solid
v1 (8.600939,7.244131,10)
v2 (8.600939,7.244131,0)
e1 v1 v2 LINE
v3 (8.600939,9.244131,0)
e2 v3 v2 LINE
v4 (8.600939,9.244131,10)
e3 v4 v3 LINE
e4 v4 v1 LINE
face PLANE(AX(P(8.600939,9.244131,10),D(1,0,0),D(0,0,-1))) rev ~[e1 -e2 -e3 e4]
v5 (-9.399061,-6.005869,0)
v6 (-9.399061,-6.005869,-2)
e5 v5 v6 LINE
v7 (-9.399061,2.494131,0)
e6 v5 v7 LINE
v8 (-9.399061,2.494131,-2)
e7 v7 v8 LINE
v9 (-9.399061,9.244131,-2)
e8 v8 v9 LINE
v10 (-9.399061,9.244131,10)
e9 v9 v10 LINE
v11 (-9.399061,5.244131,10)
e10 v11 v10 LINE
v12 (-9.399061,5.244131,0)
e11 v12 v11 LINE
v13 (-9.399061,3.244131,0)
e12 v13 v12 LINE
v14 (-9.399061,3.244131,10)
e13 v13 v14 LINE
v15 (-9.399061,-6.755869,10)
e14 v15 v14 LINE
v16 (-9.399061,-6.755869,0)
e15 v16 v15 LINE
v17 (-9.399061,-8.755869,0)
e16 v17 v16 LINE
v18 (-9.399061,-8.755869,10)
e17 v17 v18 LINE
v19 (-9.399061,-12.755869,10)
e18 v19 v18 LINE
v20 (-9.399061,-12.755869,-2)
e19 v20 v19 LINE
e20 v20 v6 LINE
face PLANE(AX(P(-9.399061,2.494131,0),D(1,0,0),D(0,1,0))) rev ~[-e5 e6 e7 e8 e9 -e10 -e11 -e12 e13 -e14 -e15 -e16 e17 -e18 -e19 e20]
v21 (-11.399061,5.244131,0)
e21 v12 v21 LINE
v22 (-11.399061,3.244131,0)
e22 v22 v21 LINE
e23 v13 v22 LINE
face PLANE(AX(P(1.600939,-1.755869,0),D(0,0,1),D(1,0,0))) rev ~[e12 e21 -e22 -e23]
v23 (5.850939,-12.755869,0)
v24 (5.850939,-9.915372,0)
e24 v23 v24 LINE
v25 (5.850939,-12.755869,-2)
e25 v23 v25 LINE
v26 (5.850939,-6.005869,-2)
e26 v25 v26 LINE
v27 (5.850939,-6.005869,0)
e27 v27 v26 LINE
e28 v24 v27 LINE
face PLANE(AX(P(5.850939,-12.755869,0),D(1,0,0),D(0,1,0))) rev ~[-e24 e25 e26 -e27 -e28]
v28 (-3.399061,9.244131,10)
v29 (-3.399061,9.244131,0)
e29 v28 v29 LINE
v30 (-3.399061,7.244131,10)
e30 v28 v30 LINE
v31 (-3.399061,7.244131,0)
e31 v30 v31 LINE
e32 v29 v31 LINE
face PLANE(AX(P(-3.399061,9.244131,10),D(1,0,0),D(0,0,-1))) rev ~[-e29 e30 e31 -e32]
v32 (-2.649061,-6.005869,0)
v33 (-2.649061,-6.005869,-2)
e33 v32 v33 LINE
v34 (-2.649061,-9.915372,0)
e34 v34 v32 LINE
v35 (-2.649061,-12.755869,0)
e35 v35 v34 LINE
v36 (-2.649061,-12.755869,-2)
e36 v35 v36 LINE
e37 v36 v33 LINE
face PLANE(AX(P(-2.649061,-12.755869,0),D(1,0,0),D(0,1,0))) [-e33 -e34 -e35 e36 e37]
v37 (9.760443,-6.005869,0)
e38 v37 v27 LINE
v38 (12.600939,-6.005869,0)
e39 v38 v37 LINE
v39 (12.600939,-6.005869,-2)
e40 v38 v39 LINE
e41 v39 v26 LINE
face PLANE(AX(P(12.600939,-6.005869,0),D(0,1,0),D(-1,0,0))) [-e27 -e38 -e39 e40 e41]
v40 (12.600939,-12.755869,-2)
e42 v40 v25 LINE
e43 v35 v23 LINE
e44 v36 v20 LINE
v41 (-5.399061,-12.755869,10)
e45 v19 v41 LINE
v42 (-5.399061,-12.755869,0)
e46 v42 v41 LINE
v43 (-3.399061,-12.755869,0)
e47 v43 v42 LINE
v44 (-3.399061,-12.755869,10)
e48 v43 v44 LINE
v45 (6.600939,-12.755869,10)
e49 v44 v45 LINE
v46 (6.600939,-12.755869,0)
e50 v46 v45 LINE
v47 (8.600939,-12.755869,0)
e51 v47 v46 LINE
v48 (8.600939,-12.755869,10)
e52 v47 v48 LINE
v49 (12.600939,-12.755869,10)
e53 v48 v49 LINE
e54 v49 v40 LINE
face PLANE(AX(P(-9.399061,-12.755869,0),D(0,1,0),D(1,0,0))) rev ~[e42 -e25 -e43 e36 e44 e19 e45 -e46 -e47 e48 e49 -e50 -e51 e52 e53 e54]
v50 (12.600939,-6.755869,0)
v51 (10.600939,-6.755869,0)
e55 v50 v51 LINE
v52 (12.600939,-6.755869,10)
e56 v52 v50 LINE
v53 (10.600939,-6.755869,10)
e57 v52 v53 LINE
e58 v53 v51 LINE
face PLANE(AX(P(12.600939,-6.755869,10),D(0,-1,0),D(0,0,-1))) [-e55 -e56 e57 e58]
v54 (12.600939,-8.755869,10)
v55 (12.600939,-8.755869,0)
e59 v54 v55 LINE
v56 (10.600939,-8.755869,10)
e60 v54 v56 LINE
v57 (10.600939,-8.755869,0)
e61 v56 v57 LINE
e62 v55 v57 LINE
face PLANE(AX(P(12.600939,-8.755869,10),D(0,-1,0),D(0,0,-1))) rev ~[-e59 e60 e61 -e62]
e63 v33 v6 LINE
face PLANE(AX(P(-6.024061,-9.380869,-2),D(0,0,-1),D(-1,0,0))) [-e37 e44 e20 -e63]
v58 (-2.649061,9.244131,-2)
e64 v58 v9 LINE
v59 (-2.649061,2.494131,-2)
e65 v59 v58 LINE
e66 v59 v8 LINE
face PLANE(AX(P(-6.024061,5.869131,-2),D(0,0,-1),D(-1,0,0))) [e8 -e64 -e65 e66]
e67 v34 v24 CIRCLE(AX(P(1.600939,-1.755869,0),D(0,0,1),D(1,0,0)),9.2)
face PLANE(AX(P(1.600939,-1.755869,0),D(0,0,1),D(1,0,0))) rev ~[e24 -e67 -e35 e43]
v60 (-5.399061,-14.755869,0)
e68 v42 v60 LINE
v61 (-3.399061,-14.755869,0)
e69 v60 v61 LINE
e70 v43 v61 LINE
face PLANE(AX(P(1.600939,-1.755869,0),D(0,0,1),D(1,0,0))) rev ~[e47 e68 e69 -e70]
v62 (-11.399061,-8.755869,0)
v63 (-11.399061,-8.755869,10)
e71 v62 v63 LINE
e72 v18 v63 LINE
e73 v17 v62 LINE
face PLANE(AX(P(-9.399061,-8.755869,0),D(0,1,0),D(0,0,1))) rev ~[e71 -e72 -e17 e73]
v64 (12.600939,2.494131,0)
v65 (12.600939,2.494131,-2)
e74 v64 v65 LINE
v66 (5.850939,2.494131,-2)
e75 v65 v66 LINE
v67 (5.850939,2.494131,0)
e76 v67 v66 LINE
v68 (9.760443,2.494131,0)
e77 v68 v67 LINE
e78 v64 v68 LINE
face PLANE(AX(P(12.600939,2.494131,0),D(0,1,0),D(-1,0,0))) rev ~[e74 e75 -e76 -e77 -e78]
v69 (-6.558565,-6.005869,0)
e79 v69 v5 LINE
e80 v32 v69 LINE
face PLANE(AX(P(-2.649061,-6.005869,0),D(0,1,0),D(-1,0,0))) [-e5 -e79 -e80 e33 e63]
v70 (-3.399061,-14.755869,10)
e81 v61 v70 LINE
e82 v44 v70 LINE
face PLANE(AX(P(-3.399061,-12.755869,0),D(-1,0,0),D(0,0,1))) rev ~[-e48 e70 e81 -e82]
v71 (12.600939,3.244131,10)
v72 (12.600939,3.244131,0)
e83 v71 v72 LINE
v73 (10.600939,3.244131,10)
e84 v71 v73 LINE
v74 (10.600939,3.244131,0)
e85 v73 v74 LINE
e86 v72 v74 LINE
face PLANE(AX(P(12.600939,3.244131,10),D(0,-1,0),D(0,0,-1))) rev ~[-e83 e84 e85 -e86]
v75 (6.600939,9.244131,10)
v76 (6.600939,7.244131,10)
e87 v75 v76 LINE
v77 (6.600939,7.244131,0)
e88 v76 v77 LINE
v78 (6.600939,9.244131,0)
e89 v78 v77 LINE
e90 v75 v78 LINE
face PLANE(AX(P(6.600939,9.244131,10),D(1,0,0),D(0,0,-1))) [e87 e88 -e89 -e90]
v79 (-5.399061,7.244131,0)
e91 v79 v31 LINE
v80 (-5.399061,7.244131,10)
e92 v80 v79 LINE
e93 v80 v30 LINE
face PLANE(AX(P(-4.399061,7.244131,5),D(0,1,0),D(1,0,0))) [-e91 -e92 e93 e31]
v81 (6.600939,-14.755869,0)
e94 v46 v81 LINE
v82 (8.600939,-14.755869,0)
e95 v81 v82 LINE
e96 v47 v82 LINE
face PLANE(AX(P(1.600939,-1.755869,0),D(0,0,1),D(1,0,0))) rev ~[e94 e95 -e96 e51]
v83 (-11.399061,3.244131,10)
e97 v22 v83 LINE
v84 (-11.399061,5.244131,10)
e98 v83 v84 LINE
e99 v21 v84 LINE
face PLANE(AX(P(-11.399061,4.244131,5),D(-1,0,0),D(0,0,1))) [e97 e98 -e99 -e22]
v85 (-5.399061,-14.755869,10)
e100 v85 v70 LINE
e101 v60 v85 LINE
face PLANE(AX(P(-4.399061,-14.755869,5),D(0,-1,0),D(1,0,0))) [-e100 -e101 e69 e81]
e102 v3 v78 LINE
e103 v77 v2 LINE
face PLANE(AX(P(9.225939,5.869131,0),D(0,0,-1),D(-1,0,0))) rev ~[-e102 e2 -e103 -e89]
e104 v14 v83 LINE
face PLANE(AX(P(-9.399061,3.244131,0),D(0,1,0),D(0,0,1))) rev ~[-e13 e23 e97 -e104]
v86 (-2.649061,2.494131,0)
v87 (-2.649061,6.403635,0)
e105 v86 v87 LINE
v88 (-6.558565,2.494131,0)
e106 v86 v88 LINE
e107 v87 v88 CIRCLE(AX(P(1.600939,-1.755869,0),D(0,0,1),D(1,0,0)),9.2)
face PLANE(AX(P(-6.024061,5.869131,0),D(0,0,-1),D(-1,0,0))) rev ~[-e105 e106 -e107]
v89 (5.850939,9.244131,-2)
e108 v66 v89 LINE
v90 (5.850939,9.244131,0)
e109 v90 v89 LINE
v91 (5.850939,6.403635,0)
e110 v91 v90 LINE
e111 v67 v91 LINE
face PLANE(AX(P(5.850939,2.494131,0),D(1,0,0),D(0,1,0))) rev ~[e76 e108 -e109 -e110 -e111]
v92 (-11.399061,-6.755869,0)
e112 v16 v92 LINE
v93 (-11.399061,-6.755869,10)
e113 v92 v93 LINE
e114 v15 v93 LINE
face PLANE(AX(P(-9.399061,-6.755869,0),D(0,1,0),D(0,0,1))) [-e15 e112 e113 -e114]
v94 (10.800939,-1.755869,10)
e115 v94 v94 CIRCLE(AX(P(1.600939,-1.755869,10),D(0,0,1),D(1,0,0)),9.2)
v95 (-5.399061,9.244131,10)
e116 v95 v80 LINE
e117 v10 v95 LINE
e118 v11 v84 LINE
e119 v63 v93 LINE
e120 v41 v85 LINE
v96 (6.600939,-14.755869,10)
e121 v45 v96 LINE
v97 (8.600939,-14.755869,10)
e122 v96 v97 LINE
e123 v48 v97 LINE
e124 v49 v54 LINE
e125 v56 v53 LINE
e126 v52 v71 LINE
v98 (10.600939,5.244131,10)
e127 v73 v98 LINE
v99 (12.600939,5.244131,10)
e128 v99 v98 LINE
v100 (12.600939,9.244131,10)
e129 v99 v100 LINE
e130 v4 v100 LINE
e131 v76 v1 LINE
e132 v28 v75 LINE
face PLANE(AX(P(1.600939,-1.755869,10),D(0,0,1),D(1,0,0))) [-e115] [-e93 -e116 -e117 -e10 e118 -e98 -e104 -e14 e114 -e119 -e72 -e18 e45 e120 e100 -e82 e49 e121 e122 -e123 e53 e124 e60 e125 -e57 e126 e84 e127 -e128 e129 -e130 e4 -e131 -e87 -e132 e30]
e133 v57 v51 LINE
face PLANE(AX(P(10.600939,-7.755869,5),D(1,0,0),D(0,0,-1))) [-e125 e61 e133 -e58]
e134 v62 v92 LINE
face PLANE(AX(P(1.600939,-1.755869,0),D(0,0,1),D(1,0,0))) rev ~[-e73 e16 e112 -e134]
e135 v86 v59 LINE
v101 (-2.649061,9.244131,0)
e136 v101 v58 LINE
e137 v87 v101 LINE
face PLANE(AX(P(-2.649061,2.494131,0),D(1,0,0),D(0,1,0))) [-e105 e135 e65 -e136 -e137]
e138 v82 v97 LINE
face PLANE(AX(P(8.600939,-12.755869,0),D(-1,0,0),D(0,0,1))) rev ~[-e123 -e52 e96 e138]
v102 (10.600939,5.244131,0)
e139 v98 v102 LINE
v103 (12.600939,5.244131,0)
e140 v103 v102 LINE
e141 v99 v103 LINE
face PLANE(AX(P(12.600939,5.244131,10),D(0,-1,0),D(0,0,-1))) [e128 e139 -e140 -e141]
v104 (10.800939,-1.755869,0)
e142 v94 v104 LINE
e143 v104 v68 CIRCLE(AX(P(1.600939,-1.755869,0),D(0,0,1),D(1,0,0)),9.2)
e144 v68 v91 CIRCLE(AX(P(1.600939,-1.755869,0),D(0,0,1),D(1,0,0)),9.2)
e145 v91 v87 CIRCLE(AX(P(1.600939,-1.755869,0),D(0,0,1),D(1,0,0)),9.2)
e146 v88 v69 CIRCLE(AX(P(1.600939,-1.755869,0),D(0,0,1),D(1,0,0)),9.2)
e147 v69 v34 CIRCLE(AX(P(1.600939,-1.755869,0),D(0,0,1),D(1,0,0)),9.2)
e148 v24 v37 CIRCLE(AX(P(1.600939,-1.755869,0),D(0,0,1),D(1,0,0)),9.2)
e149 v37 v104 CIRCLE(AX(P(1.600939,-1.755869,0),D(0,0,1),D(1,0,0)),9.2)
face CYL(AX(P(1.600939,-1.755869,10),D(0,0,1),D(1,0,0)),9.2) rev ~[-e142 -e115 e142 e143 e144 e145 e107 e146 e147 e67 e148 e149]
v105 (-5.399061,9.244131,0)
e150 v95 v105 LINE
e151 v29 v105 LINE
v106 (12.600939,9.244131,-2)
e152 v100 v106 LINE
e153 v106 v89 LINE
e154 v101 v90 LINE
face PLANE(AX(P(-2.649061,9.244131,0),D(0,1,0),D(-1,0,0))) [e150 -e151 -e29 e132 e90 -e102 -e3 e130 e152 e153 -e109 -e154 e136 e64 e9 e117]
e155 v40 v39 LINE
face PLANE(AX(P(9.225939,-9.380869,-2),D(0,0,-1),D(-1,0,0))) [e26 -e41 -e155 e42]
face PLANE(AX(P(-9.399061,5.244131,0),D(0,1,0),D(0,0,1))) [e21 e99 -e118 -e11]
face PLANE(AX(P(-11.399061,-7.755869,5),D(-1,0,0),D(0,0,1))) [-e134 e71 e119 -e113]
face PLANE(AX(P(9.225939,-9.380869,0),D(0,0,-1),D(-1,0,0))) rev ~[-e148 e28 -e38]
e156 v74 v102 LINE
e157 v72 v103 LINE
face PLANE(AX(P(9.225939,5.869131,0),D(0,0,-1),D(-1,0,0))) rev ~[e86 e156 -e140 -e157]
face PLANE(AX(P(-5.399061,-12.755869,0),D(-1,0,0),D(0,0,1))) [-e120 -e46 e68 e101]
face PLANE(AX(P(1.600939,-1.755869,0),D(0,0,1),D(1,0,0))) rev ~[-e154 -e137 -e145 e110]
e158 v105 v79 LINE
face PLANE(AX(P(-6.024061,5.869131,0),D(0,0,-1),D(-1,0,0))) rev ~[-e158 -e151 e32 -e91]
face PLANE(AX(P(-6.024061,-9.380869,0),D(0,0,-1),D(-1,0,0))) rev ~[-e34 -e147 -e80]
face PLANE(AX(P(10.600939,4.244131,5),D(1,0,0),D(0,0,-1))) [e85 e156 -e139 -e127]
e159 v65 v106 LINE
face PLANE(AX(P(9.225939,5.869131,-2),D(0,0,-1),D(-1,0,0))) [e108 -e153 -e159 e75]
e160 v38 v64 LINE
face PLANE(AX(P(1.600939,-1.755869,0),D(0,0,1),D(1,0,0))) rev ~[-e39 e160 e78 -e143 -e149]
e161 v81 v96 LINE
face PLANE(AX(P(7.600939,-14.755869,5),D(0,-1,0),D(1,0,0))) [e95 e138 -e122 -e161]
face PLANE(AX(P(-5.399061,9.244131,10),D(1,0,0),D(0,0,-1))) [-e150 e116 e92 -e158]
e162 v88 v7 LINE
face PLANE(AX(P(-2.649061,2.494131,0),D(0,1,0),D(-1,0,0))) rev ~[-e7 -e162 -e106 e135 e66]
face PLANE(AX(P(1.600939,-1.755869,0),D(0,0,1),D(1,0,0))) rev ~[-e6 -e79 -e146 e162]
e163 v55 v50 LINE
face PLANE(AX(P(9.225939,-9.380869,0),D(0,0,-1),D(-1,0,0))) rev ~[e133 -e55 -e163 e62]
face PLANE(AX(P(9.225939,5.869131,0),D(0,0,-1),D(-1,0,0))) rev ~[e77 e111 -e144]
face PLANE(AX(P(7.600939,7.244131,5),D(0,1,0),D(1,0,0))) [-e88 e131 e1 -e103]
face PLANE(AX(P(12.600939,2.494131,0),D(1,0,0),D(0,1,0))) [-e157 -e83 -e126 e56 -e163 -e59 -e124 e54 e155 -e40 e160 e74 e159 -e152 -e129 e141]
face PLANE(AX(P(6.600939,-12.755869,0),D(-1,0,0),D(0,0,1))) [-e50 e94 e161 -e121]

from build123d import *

# Parameters (mm, degrees)
SKETCH1_W           = 22
SKETCH1_H           = 22
BOSS_EXTRUDE1_DEPTH = 10
SKETCH3_W           = 2
SKETCH3_H           = 10
BOSS_EXTRUDE2_DEPTH = 2
SKETCH4_W           = 10
SKETCH4_H           = 2
BOSS_EXTRUDE3_DEPTH = 2
SKETCH5_W           = 10
SKETCH5_H           = 2
CUT_EXTRUDE1_DEPTH  = 2
SKETCH6_W           = 2
SKETCH6_H           = 10
CUT_EXTRUDE2_DEPTH  = 2
SKETCH7_R           = 9.2
CUT_EXTRUDE3_DEPTH  = 11
SKETCH8_W           = 6.75
SKETCH8_H           = 6.75
BOSS_EXTRUDE4_DEPTH = 2


with BuildPart() as part:
    # Sketch1 → Boss-Extrude1 (new body)
    with BuildSketch(Plane.XY):
        with Locations((1.600938967, -1.755868545)):
            Rectangle(SKETCH1_W, SKETCH1_H)
    extrude(amount=BOSS_EXTRUDE1_DEPTH)

    # Sketch3 → Boss-Extrude2 (add)
    with BuildSketch(Plane.XZ.offset(12.755868545)):
        with Locations((7.600938967, 5)):
            Rectangle(SKETCH3_W, SKETCH3_H)
        with Locations((-4.399061033, 5)):
            Rectangle(SKETCH3_W, SKETCH3_H)
    extrude(amount=BOSS_EXTRUDE2_DEPTH)

    # Sketch4 → Boss-Extrude3 (add)
    with BuildSketch(Plane.ZY.offset(9.399061033)):
        with Locations((5, 4.244131455)):
            Rectangle(SKETCH4_W, SKETCH4_H)
        with Locations((5, -7.755868545)):
            Rectangle(SKETCH4_W, SKETCH4_H)
    extrude(amount=BOSS_EXTRUDE3_DEPTH)

    # Sketch5 → Cut-Extrude1 (cut)
    with BuildSketch(Plane(origin=(12.600938967, 0, 0), x_dir=(0, 0, -1), z_dir=(1, 0, 0))):
        with Locations((-5, 4.244131455)):
            Rectangle(SKETCH5_W, SKETCH5_H)
        with Locations((-5, -7.755868545)):
            Rectangle(SKETCH5_W, SKETCH5_H)
    extrude(amount=-CUT_EXTRUDE1_DEPTH, mode=Mode.SUBTRACT)

    # Sketch6 → Cut-Extrude2 (cut)
    with BuildSketch(Plane(origin=(0, 9.244131455, 0), x_dir=(1, 0, 0), z_dir=(0, 1, 0))):
        with Locations((-4.399061033, -5)):
            Rectangle(SKETCH6_W, SKETCH6_H)
        with Locations((7.600938967, -5)):
            Rectangle(SKETCH6_W, SKETCH6_H)
    extrude(amount=-CUT_EXTRUDE2_DEPTH, mode=Mode.SUBTRACT)

    # Sketch7 → Cut-Extrude3 (cut, through all)
    with BuildSketch(Plane.XY.offset(10)):
        with Locations((1.600938967, -1.755868545)):
            Circle(SKETCH7_R)
    extrude(amount=-CUT_EXTRUDE3_DEPTH, mode=Mode.SUBTRACT)

    # Sketch8 → Boss-Extrude4 (add)
    with BuildSketch(Plane(origin=(0, 0, 0), x_dir=(-1, 0, 0), z_dir=(0, 0, -1))):
        with Locations((6.024061033, 5.869131455)):
            Rectangle(SKETCH8_W, SKETCH8_H)
        with Locations((-9.225938967, 5.869131455)):
            Rectangle(SKETCH8_W, SKETCH8_H)
        with Locations((-9.225938967, -9.380868545)):
            Rectangle(SKETCH8_W, SKETCH8_H)
        with Locations((6.024061033, -9.380868545)):
            Rectangle(SKETCH8_W, SKETCH8_H)
    extrude(amount=BOSS_EXTRUDE4_DEPTH)


solid = part.part
